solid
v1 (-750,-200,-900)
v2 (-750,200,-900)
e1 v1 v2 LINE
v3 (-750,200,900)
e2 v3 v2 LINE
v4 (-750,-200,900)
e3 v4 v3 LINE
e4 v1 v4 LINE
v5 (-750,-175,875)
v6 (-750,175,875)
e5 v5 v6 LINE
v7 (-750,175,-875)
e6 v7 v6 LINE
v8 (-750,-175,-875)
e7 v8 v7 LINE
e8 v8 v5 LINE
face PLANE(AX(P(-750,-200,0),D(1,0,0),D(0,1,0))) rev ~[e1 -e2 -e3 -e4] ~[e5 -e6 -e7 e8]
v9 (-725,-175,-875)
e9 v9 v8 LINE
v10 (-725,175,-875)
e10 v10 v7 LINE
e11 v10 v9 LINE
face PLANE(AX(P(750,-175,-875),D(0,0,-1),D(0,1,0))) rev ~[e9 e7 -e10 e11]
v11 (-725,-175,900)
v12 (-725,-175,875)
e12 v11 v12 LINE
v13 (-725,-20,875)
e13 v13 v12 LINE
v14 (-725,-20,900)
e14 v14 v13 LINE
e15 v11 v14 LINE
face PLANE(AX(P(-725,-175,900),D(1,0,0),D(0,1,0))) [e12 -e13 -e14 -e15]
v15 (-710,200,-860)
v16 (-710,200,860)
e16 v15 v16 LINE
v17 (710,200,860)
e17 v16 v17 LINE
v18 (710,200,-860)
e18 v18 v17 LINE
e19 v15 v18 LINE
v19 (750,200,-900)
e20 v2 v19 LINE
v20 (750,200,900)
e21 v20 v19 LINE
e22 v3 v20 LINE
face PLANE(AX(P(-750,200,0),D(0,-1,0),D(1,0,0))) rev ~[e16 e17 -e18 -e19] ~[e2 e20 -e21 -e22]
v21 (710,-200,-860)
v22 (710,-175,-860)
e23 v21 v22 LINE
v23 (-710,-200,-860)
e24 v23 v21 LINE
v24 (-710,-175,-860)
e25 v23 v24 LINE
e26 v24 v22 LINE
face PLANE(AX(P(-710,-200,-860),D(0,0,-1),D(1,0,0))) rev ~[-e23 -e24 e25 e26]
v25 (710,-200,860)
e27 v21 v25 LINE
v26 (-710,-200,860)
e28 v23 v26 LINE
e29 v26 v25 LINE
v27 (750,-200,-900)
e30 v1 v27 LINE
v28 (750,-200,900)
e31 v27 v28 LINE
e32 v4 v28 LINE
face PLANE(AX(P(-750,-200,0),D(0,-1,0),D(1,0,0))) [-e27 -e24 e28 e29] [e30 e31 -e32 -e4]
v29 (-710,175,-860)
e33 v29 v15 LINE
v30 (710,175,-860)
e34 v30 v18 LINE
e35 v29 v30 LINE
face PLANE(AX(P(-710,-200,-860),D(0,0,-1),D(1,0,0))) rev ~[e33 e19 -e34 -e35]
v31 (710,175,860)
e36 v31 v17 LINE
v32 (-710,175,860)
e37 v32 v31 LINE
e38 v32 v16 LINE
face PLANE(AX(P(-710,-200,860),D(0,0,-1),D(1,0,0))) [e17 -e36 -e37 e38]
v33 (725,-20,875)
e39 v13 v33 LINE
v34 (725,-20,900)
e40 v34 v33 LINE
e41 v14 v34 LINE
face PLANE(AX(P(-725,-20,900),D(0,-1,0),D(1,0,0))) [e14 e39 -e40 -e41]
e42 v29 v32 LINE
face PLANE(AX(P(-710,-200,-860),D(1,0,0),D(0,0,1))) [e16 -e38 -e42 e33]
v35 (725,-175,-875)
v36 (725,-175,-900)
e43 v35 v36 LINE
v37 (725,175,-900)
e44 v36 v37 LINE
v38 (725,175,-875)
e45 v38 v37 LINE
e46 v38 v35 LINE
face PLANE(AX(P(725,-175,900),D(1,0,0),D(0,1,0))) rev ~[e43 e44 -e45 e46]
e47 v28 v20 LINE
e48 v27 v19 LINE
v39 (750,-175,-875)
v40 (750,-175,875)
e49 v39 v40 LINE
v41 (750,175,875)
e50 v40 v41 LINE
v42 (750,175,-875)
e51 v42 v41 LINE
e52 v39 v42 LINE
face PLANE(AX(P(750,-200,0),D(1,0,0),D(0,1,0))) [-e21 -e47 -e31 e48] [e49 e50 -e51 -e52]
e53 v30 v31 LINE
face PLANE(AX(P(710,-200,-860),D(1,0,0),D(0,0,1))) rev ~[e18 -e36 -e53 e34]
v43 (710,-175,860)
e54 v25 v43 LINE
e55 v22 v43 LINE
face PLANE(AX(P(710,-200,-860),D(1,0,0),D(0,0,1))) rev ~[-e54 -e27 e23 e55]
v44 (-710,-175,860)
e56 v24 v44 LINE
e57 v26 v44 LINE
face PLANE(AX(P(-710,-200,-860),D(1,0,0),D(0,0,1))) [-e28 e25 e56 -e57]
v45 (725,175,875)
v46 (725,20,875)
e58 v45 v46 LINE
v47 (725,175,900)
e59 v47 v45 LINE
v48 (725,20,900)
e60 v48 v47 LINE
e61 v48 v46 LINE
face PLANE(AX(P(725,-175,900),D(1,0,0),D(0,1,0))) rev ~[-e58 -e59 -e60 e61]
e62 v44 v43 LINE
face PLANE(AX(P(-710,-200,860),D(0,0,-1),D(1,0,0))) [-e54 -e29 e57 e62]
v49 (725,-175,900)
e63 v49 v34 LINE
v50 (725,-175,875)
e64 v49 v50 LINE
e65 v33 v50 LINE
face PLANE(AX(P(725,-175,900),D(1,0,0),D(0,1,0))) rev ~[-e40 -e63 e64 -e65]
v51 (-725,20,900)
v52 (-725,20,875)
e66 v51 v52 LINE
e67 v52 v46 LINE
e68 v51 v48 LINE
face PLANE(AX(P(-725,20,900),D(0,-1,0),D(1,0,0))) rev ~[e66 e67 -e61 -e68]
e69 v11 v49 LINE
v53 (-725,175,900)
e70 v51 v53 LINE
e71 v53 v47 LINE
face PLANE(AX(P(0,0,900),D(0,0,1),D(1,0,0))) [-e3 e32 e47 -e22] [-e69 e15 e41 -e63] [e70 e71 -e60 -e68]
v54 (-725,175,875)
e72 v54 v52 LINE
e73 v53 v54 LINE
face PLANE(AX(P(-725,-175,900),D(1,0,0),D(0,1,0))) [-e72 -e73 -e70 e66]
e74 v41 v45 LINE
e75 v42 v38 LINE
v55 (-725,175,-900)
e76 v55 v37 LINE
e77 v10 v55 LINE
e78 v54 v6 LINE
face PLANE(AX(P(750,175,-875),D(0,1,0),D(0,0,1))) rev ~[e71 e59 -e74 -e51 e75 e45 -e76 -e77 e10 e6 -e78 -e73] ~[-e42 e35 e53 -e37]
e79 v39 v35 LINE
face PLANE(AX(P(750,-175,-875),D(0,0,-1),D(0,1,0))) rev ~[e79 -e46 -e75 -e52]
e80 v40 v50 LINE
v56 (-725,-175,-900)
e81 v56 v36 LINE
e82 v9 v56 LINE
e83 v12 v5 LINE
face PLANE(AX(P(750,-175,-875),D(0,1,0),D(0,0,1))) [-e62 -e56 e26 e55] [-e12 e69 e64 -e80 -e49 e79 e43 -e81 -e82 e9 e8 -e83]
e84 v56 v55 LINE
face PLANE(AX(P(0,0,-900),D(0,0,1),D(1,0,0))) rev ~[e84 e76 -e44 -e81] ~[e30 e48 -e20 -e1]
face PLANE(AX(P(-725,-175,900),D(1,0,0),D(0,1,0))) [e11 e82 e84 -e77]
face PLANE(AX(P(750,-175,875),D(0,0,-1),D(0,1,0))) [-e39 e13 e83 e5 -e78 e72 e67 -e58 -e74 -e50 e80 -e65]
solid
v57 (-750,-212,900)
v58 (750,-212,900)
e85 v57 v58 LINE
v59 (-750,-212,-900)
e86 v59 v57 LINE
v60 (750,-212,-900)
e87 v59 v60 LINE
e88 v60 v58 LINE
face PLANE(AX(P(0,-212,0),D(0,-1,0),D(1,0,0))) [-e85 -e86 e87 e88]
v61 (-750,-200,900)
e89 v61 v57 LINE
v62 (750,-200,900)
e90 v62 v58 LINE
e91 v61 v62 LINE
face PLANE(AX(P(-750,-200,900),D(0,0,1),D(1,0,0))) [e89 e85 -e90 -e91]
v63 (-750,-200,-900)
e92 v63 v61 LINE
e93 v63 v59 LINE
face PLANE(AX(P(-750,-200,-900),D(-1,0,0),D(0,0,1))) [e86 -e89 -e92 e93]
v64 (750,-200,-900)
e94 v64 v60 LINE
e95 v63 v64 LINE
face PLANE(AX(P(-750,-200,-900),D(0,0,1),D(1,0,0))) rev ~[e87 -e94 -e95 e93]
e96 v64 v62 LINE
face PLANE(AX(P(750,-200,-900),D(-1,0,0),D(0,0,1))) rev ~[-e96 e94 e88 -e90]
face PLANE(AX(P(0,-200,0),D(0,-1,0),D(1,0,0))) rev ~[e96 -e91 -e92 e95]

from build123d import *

# Parameters (mm, degrees)
F0_W      = 1500
F0_H      = 400
F1_DEPTH  = 900
F2_W      = 1420
F2_H      = 1720
F3_DEPTH  = 400.001
F4_W      = 350
F4_H      = 1750
F5_DEPTH  = 1500.001
F6_W      = 1450
F6_H      = 350
F7_DEPTH  = 1800.001
F8_W      = 1450
F8_H      = 40
F9_DEPTH  = 25
F11_W     = 1500
F11_H     = 1800
F12_DEPTH = 12


with BuildPart() as f1:
    # F0 (on Top) → F1 (new body, symmetric)
    with BuildSketch(Plane.XY):
        Rectangle(F0_W, F0_H)
    extrude(amount=F1_DEPTH, both=True)

    # F2 (on face) → F3 (cut, through all)
    with BuildSketch(Plane.XZ.offset(200)):
        Rectangle(F2_W, F2_H)
    extrude(amount=-F3_DEPTH, mode=Mode.SUBTRACT)

    # F4 (on face) → F5 (cut, through all)
    with BuildSketch(Plane.YZ.offset(750)):
        Rectangle(F4_W, F4_H)
    extrude(amount=-F5_DEPTH, mode=Mode.SUBTRACT)

    # F6 (on face) → F7 (cut, through all)
    with BuildSketch(Plane.XY.offset(900)):
        Rectangle(F6_W, F6_H)
    extrude(amount=-F7_DEPTH, mode=Mode.SUBTRACT)

    # F8 (on face) → F9 (join)
    with BuildSketch(Plane.XY.offset(900)):
        Rectangle(F8_W, F8_H)
    extrude(amount=-F9_DEPTH)


with BuildPart() as f12:
    # F11 (on face) → F12 (new body)
    with BuildSketch(Plane.XZ.offset(200)):
        Rectangle(F11_W, F11_H)
    extrude(amount=F12_DEPTH)


solid = Compound([f1.part, f12.part])
